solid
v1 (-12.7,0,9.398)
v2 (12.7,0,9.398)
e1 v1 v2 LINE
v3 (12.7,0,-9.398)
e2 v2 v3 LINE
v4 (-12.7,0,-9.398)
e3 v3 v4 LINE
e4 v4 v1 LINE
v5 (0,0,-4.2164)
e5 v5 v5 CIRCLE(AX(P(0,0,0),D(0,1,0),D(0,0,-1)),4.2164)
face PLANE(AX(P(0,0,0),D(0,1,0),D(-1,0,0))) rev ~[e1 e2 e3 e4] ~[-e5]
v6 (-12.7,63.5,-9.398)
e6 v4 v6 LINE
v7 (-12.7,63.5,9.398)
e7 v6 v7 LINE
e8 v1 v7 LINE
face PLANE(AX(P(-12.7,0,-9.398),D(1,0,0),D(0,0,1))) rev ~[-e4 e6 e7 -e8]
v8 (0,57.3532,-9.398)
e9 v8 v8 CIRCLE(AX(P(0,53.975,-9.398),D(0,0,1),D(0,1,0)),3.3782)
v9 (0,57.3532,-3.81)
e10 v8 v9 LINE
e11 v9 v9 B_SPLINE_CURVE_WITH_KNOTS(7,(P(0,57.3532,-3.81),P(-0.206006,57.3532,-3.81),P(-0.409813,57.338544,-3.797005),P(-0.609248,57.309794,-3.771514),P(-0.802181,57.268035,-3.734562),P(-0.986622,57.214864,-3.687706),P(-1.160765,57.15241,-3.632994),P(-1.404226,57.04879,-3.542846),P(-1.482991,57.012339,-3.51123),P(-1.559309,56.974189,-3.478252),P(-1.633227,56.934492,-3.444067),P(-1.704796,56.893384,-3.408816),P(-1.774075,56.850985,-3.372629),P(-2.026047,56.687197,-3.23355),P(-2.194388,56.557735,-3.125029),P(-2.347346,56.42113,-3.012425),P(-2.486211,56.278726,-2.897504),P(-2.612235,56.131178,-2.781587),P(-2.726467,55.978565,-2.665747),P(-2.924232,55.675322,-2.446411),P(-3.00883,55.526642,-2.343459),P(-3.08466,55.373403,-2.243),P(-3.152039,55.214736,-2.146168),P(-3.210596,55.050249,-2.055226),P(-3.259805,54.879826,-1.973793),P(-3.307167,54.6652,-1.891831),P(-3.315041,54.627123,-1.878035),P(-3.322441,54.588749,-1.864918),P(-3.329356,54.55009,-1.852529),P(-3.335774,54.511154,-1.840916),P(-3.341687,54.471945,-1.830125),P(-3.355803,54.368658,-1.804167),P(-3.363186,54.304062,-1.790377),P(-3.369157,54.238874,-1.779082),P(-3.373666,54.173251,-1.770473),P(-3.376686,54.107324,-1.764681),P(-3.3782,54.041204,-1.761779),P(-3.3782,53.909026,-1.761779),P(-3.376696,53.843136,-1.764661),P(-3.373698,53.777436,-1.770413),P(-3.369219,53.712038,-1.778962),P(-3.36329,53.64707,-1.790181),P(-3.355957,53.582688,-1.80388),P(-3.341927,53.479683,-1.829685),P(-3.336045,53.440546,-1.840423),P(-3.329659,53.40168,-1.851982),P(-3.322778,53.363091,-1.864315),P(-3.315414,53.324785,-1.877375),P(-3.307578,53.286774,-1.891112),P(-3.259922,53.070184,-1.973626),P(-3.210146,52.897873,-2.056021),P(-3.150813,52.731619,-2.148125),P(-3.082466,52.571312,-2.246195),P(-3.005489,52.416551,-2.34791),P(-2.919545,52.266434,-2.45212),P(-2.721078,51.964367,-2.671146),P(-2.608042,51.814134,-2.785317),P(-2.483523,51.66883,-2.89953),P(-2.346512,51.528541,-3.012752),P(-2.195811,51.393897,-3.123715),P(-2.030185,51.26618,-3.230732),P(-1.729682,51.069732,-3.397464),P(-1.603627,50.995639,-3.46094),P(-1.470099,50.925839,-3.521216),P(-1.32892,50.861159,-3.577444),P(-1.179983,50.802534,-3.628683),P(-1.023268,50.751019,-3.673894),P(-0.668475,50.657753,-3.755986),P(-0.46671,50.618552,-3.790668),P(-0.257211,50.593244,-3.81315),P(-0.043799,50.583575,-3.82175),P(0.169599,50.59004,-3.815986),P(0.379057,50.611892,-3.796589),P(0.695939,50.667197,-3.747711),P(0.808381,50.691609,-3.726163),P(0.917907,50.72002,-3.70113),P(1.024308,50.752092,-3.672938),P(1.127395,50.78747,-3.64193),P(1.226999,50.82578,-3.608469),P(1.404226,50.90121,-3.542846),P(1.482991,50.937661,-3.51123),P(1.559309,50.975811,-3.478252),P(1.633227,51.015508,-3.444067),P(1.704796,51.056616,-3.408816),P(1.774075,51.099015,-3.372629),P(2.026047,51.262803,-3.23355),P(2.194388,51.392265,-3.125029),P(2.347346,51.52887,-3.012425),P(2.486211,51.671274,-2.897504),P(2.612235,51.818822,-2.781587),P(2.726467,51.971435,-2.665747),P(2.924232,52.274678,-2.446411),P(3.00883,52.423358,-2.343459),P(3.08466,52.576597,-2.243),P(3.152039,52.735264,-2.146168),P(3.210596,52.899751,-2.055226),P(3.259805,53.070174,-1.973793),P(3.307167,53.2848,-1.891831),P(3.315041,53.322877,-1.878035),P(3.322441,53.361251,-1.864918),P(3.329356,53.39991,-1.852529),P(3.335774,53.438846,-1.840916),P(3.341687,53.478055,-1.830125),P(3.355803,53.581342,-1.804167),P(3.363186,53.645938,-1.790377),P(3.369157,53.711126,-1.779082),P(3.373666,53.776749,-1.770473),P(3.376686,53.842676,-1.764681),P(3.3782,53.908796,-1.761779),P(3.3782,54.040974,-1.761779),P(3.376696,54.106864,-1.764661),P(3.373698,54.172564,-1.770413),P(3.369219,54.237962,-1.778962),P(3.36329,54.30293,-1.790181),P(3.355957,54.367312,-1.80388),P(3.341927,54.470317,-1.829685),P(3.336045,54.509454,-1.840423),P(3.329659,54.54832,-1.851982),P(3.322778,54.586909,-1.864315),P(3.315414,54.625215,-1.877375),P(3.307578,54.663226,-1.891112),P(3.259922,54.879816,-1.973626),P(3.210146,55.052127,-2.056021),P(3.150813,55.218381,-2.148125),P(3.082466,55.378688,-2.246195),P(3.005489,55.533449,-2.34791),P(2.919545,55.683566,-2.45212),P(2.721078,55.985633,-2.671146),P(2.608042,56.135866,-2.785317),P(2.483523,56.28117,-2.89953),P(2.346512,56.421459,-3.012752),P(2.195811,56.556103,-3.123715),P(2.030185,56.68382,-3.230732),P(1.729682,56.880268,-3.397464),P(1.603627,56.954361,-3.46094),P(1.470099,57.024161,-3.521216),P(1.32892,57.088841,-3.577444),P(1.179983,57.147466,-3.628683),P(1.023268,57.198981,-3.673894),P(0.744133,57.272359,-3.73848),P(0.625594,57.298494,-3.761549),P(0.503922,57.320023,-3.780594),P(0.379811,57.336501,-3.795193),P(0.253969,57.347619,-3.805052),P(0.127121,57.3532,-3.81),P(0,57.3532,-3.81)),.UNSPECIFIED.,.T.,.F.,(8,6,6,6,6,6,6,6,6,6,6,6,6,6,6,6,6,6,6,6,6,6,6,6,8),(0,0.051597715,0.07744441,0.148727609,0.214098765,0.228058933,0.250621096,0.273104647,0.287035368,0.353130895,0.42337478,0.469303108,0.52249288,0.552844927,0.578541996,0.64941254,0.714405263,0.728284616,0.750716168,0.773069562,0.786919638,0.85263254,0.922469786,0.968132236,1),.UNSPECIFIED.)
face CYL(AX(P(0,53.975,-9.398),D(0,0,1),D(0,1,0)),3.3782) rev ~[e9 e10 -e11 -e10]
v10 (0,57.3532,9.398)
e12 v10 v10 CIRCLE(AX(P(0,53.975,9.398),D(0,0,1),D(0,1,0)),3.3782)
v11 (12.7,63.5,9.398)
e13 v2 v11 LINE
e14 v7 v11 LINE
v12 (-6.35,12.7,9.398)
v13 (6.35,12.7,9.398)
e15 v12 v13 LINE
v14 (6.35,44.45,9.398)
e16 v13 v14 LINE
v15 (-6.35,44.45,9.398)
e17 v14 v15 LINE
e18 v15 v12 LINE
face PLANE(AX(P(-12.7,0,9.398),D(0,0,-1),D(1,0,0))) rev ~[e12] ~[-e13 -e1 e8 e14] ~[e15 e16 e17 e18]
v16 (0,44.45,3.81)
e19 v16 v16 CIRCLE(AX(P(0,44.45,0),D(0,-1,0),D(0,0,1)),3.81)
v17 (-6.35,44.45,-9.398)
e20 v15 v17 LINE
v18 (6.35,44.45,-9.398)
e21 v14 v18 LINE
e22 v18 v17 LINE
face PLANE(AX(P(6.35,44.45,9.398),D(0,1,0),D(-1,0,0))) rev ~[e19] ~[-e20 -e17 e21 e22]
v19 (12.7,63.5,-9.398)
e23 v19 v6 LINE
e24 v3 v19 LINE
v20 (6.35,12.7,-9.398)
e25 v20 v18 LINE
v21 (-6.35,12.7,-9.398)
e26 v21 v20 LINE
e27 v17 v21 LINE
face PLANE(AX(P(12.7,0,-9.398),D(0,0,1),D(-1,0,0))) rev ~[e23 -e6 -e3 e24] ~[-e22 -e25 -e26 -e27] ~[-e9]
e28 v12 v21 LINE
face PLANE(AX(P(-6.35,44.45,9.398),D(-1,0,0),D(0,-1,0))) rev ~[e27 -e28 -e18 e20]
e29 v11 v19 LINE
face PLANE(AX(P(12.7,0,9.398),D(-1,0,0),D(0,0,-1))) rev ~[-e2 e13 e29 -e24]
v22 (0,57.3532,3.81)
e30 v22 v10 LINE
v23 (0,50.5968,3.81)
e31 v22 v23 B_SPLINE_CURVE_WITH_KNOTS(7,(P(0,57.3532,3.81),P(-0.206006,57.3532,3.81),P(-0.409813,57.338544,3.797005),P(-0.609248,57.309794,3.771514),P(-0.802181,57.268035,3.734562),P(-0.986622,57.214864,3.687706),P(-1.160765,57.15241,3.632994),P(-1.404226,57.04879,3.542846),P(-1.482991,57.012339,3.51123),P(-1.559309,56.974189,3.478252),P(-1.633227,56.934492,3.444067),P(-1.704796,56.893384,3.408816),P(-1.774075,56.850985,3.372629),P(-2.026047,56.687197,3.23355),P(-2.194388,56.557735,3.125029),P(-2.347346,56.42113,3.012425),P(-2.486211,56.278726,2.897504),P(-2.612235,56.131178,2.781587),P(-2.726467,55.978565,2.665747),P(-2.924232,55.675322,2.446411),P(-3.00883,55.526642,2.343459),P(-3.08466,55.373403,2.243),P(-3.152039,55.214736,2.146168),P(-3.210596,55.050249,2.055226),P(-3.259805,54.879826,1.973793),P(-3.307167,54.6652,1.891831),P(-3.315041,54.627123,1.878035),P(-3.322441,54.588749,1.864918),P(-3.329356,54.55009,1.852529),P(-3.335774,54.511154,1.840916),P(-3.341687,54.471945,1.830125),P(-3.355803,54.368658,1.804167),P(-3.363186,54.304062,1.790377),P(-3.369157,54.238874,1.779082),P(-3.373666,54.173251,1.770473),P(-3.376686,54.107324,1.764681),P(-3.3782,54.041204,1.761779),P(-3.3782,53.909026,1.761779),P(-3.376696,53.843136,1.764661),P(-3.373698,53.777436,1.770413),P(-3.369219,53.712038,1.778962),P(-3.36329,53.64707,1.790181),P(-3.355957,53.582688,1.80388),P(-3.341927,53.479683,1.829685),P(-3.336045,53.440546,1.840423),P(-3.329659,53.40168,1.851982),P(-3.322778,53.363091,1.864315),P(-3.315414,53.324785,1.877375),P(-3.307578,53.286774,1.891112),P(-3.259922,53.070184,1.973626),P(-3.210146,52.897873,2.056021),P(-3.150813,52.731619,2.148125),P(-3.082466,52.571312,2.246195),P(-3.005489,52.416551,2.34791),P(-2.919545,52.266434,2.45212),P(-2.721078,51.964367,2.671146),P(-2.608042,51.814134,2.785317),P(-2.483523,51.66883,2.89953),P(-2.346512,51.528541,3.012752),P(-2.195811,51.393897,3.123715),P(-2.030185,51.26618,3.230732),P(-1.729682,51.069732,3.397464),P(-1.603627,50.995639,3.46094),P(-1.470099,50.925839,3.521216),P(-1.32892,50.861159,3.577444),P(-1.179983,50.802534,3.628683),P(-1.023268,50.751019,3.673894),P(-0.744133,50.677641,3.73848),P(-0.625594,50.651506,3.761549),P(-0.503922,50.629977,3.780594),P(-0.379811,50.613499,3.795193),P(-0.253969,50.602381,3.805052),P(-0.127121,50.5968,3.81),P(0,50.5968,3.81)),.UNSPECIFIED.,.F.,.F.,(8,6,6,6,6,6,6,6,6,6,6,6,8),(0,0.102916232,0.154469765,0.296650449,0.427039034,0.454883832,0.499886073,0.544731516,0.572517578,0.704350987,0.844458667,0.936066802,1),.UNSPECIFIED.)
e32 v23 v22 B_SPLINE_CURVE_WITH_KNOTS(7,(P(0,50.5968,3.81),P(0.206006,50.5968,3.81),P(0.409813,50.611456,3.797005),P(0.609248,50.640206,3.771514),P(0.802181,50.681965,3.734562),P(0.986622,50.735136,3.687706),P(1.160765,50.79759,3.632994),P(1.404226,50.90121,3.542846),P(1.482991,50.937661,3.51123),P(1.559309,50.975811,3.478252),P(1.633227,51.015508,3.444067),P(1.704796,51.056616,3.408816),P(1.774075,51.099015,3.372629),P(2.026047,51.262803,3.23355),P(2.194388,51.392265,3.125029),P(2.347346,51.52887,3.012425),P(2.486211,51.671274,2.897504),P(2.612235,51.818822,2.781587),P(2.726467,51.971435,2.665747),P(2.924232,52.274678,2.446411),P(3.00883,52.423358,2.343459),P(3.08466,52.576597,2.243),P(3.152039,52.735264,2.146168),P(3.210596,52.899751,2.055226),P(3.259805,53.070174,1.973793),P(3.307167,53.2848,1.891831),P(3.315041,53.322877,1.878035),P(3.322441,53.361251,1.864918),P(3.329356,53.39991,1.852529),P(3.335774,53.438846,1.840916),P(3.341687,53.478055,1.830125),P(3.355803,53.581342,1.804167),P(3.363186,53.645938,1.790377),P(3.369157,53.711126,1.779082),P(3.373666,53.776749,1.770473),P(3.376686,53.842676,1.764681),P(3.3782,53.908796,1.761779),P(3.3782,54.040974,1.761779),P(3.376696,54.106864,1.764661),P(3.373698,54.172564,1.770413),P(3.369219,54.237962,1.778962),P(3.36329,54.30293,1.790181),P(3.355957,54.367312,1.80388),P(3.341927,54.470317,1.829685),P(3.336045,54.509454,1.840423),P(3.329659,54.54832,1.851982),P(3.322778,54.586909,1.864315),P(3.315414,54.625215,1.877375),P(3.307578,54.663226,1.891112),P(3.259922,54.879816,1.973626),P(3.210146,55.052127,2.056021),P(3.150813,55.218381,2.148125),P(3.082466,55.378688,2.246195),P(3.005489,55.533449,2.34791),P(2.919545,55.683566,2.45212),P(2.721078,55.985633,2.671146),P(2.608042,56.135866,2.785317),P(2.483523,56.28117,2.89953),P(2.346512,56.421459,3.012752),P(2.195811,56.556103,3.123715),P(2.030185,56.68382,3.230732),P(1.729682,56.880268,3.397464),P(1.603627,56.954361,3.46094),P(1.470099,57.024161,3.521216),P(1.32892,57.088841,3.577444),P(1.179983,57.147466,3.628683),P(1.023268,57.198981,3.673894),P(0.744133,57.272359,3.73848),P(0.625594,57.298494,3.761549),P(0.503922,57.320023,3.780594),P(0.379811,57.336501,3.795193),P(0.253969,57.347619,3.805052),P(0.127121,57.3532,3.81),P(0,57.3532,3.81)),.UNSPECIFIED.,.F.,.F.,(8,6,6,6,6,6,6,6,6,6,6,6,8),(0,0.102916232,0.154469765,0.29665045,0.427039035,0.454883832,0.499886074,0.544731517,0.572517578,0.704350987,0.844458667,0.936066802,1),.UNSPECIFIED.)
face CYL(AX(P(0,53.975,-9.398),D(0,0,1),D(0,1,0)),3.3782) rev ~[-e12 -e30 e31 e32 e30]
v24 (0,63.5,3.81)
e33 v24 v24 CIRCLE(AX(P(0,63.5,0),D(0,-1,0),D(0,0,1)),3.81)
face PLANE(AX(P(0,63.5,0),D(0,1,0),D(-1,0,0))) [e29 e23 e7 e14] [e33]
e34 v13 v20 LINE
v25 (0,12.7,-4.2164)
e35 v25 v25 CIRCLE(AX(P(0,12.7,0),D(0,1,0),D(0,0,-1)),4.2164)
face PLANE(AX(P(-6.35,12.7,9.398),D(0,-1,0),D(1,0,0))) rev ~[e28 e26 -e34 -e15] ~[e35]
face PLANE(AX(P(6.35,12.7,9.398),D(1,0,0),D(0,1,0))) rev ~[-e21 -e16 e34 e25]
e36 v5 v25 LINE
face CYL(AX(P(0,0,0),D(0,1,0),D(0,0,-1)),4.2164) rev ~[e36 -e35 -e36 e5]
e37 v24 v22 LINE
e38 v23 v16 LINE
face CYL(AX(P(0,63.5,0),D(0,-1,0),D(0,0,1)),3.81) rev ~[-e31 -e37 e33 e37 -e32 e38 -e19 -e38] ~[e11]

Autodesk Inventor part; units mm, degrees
ref_plane "YZ Plane" through (0, 0, 0) normal (1, 0, 0) x (0, 1, 0)
ref_plane "XZ Plane" through (0, 0, 0) normal (0, 1, 0) x (-1, 0, 0)
ref_plane "XY Plane" through (0, 0, 0) normal (0, 0, 1) x (1, 0, 0)
sketch "Sketch7" plane through (0, 0, 0) normal (0, 1, 0) x (-1, 0, 0)
  line L0 (12.7, 9.398) -> (-12.7, 9.398)
  line L1 (-12.7, 9.398) -> (-12.7, -9.398)
  line L2 (-12.7, -9.398) -> (12.7, -9.398)
  line L3 (12.7, -9.398) -> (12.7, 9.398)
  line L4 (12.7, 9.398) -> (-12.7, -9.398) construction
  line L5 (-12.7, 9.398) -> (12.7, -9.398) construction
  point P0 (0, 0)
  dimension "d53" = 18.796
  dimension "d54" = 25.4
extrude "Extrusion4" add sketch "Sketch7" along normal blind 63.5
sketch "Sketch8" plane through (0, 0, 0) normal (0, -1, 0) x (1, 0, 0)
  point P0 (0, 0)
  point P1 (0, 0)
hole "Hole7" at (0, 0, 0) direction (0, 1, 0) diameter 8.4328 depth 12.7 clearance for "Flat Head Machine Screw (82)" size "5/16" standard "Ansi Unified Screw Threads"
sketch "Sketch10" plane through (12.7, 0, -9.398) normal (0, 0, -1) x (-1, 0, 0)
  line L0 (25.4, 63.5) -> (0, 63.5) construction
  line L1 (12.7, 63.5) -> (12.7, 0) construction
  line L2 (25.4, 0) -> (0, 0) construction
  point P0 (12.7, 53.975)
  dimension "d77" = 9.525
hole "Hole8" at (0, 53.975, -9.398) direction (0, 0, 1) diameter 6.7564 end through all clearance for "Flat Head Machine Screw (82)" size "1/4" standard "Ansi Unified Screw Threads"
sketch "Sketch11" plane through (-12.7, 0, 9.398) normal (0, 0, 1) x (1, 0, 0)
  line L0 (12.7, 0) -> (12.7, 63.5) construction
  line L1 (0, 63.5) -> (25.4, 63.5) construction
  line L2 (19.05, 12.7) -> (19.05, 44.45)
  line L3 (19.05, 44.45) -> (6.35, 44.45)
  line L4 (6.35, 44.45) -> (6.35, 12.7)
  line L5 (6.35, 12.7) -> (19.05, 12.7)
  line L6 (19.05, 12.7) -> (6.35, 44.45) construction
  line L7 (19.05, 44.45) -> (6.35, 12.7) construction
  line L8 (0, 0) -> (25.4, 0) projected
  point P0 (12.7, 28.575)
  dimension "d85" = 12.7
  dimension "d86" = 31.75
  dimension "d87" = 12.7
extrude "Extrusion5" cut sketch "Sketch11" against normal through all
sketch "Sketch12" plane through (0, 63.5, 0) normal (0, 1, 0) x (1, 0, 0)
  point P0 (0, 0)
  point P1 (0, 0)
hole "Hole9" at (0, 63.5, 0) direction (0, -1, 0) diameter 7.62 depth 19.05 tip angle 118
properties part number "BracketForEndOfDartActuator"
